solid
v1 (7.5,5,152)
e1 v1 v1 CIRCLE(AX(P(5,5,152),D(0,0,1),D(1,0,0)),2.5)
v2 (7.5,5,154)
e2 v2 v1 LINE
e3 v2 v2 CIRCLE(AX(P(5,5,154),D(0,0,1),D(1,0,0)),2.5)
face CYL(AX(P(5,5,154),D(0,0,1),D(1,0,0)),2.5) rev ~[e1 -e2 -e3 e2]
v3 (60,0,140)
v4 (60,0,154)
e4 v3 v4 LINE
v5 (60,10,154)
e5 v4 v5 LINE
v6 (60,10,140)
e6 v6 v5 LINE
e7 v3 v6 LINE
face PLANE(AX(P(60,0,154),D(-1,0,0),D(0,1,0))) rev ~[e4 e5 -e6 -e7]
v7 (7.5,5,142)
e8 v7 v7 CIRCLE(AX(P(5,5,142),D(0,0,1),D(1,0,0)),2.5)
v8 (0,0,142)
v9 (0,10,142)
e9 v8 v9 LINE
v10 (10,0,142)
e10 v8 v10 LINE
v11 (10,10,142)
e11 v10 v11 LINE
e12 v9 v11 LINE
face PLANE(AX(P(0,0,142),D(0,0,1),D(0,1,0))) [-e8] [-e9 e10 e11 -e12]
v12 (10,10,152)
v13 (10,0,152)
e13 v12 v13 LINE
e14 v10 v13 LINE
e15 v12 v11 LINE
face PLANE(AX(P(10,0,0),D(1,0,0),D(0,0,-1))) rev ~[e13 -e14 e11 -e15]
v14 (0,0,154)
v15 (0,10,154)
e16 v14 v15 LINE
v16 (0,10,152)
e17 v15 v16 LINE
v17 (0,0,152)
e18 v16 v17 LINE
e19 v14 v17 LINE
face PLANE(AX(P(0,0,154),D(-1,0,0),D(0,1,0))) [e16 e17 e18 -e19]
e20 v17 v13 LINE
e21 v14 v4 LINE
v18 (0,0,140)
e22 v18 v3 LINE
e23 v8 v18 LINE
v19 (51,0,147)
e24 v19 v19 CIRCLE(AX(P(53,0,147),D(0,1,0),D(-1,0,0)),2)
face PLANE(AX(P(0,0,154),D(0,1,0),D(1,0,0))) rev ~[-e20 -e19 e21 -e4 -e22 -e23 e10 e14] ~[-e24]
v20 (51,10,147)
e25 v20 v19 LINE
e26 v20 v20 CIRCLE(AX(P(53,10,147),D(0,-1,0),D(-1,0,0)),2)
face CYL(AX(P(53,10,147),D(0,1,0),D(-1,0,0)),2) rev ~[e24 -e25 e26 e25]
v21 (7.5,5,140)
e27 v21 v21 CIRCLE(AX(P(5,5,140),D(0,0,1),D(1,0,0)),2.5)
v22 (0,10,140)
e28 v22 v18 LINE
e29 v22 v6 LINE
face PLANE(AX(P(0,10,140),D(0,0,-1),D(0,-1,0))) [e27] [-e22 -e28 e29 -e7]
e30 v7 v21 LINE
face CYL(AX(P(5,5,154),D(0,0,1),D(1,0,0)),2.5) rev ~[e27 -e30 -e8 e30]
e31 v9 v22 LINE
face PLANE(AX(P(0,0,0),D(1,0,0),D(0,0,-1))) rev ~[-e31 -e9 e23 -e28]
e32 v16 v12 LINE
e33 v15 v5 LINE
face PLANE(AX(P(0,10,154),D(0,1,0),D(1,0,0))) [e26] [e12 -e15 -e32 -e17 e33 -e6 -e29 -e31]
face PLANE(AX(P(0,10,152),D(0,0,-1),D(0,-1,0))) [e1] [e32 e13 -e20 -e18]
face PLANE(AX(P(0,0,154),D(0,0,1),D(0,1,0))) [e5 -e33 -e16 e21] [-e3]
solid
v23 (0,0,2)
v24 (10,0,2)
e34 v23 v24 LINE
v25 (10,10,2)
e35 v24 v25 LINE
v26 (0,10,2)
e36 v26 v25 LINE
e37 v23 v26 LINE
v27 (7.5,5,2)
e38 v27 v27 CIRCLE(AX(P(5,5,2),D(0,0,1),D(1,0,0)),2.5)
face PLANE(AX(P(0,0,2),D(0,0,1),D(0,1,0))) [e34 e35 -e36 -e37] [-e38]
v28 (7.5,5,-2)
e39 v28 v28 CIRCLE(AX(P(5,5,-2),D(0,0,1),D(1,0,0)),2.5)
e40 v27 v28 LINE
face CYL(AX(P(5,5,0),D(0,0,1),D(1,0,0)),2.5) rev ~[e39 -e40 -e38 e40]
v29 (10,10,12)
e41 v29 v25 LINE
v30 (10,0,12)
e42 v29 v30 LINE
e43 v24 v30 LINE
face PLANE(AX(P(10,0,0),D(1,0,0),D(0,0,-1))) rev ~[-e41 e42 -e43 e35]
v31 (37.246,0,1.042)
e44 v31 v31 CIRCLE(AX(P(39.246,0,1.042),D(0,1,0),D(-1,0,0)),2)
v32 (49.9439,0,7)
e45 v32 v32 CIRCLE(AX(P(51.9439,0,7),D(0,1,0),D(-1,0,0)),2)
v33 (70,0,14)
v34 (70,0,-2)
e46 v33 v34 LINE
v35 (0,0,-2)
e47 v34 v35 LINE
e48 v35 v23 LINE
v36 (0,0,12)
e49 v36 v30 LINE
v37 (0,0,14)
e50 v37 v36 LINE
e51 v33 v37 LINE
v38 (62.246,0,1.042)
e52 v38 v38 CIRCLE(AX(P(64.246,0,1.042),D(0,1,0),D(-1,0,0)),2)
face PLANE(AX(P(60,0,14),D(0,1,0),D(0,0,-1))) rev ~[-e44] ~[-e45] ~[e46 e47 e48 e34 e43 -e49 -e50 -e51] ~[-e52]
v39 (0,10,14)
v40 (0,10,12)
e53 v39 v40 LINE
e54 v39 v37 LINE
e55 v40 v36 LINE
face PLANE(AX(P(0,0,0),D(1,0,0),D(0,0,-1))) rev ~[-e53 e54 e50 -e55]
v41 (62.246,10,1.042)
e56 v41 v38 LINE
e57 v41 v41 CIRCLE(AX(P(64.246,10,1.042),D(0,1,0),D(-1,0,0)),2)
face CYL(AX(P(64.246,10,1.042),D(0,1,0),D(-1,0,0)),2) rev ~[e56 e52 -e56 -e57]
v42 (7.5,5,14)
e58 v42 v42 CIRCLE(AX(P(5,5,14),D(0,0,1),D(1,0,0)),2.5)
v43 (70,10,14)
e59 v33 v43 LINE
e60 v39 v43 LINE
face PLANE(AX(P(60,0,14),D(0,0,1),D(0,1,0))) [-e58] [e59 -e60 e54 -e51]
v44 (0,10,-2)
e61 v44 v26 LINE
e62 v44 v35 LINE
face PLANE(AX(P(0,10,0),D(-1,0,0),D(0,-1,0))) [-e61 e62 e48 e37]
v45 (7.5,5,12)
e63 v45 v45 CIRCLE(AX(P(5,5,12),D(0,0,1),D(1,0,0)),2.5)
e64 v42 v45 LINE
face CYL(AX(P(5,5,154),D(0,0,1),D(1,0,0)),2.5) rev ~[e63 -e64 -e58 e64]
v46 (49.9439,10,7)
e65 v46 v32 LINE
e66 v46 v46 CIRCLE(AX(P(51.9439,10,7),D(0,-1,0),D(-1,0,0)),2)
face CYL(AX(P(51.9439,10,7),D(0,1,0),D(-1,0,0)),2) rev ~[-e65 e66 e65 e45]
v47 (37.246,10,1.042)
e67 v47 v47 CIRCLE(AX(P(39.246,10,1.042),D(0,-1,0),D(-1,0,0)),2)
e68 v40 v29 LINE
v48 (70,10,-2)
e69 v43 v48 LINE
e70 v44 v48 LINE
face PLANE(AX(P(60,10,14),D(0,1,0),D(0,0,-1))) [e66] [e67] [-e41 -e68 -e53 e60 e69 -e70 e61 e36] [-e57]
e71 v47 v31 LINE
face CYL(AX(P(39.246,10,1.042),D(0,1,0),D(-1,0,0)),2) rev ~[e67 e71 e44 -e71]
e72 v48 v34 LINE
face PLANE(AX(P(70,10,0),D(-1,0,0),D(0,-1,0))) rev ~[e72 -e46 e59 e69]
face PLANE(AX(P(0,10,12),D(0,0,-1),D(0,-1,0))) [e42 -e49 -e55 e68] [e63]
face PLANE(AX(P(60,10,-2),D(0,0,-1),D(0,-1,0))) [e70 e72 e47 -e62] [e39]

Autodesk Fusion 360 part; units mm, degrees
sketch "Sketch1" plane through (0, 0, 0) normal (1, 0, 0) x (0, 0, -1)
  line L0 (0, 0) -> (-154, 0)
  line L1 (-154, 0) -> (-154, 10)
  line L2 (-154, 10) -> (0, 10)
  line L3 (0, 10) -> (0, 0)
  line L4 (-154, 10) -> (-140, 10)
  line L5 (-140, 10) -> (-140, 0)
  line L6 (-140, 0) -> (-154, 0)
  line L7 (-154, 0) -> (-154, 10)
  line L8 (0, 10) -> (-14, 10)
  line L9 (-14, 10) -> (-14, 0)
  line L10 (-14, 0) -> (0, 0)
  line L11 (0, 0) -> (0, 10)
  line L12 (-142, 10) -> (-152, 10)
  line L13 (-152, 10) -> (-152, 0)
  line L14 (-152, 0) -> (-142, 0)
  line L15 (-142, 0) -> (-142, 10)
  line L16 (-142, 10) -> (-152, 0) construction
  line L17 (-152, 10) -> (-142, 0) construction
  line L18 (-2, 10) -> (-12, 10)
  line L19 (-12, 10) -> (-12, 0)
  line L20 (-12, 0) -> (-2, 0)
  line L21 (-2, 0) -> (-2, 10)
  line L22 (-2, 10) -> (-12, 0) construction
  line L23 (-12, 10) -> (-2, 0) construction
  point P0 (-147, 5)
  point P1 (-7, 5)
  dimension "d2" = 10
  dimension "d3" = 14
  dimension "d4" = 10
  dimension "d5" = 14
  dimension "d6" = 10
  dimension "d7" = 10
  dimension "d8" = 10
  dimension "d9" = 10
  dimension "d10" = 10
  dimension "d11" = 2
  dimension "d12" = 2
  dimension "d38" = 10
  dimension "d39" = 10
  dimension "d40" = 126
extrude "Extrude1" add sketch "Sketch1" along normal blind 60 makes body 1
extrude "Extrude2" cut sketch "Sketch1" along normal blind 90 contours L0 L2 L5 L9 bodies 1 makes body 2 at (20, 0, 144.6667)
extrude "Extrude3" cut sketch "Sketch1" along normal blind 10 contours L0 L2 L8 L10 L18 L19 L20 L21 | L0 L2 L4 L6 L12 L13 L14 L15 bodies 1 2
sketch "Sketch4" plane through (0, 0, 154) normal (0, 0, 1) x (1, 0, 0)
  line L0 (0, 10) -> (0, 0)
  line L1 (0, 0) -> (60, 0)
  line L2 (60, 0) -> (60, 10)
  line L3 (60, 10) -> (0, 10)
  circle A0 centre (5, 5) radius 2.5
  dimension "d42" = 5
extrude "Extrude9" cut sketch "Sketch4" against normal blind 180 contours A0 bodies 1 2
sketch "Sketch5" plane through (0, 10, 0) normal (0, 1, 0) x (-1, 0, 0)
  line L0 (0, 2) -> (-10, 2)
  line L1 (-10, 2) -> (-10, 12)
  line L2 (-10, 12) -> (0, 12)
  line L3 (0, 12) -> (0, 14)
  line L4 (0, 14) -> (-60, 14)
  line L5 (-60, 14) -> (-60, 0)
  line L6 (-60, 0) -> (0, 0)
  line L7 (0, 0) -> (0, 2)
  circle A0 centre (-51.9439, 7) radius 2
  line L8 (-51.9439, 7) -> (-53, 147)
  circle A1 centre (-53, 147) radius 2
  dimension "d45" = 4
  dimension "d46" = 4
extrude "Extrude10" cut sketch "Sketch5" against normal blind 32 contours A0 | A1 bodies 1 2
extrude "Extrude11" add 1 faces at (42.5, 5, 154) along direction (0, 0, 1) blind 2 on bodies 2 bodies 2
extrude "Extrude12" cut 1 faces at (42.5, 5, 156) along direction (0, 0, -1) blind 2 on bodies 2 bodies 2
extrude "Extrude13" add 1 faces at (42.5, 5, 0) along direction (0, 0, -1) blind 2 on bodies 1 bodies 1
extrude "Extrude14" add 1 faces at (60, 3.3333, 3.3333) along direction (1, 0, 0) blind 10 on bodies 1 bodies 1
sketch "Sketch6" plane through (0, 10, 0) normal (0, 1, 0) x (-1, 0, 0)
  circle A0 centre (-51.9439, 7) radius 2
  line L0 (0, 2) -> (-10, 2)
  line L1 (-10, 2) -> (-10, 12)
  line L2 (-10, 12) -> (0, 12)
  line L3 (0, 12) -> (0, 14)
  line L4 (0, 14) -> (-70, 14)
  line L5 (-70, 14) -> (-70, -2)
  line L6 (-70, -2) -> (0, -2)
  line L7 (0, -2) -> (0, 2)
  line L8 (-70, -2) -> (-60, -2)
  line L9 (-60, -2) -> (-39.246, -2)
  line L10 (-39.246, -2) -> (-39.246, 1.042)
  circle A1 centre (-39.246, 1.042) radius 2
  line L11 (-39.246, 1.042) -> (-64.246, 1.042)
  circle A2 centre (-64.246, 1.042) radius 2
  dimension "d57" = 10
  dimension "d59" = 3.042
  dimension "d60" = 4
  dimension "d61" = 25
  dimension "d62" = 4
  dimension "d65" = 5.754
extrude "Extrude15" cut sketch "Sketch6" against normal blind 32 contours L10 A1 L11 | L10 A1 L11 | A2 bodies 1
